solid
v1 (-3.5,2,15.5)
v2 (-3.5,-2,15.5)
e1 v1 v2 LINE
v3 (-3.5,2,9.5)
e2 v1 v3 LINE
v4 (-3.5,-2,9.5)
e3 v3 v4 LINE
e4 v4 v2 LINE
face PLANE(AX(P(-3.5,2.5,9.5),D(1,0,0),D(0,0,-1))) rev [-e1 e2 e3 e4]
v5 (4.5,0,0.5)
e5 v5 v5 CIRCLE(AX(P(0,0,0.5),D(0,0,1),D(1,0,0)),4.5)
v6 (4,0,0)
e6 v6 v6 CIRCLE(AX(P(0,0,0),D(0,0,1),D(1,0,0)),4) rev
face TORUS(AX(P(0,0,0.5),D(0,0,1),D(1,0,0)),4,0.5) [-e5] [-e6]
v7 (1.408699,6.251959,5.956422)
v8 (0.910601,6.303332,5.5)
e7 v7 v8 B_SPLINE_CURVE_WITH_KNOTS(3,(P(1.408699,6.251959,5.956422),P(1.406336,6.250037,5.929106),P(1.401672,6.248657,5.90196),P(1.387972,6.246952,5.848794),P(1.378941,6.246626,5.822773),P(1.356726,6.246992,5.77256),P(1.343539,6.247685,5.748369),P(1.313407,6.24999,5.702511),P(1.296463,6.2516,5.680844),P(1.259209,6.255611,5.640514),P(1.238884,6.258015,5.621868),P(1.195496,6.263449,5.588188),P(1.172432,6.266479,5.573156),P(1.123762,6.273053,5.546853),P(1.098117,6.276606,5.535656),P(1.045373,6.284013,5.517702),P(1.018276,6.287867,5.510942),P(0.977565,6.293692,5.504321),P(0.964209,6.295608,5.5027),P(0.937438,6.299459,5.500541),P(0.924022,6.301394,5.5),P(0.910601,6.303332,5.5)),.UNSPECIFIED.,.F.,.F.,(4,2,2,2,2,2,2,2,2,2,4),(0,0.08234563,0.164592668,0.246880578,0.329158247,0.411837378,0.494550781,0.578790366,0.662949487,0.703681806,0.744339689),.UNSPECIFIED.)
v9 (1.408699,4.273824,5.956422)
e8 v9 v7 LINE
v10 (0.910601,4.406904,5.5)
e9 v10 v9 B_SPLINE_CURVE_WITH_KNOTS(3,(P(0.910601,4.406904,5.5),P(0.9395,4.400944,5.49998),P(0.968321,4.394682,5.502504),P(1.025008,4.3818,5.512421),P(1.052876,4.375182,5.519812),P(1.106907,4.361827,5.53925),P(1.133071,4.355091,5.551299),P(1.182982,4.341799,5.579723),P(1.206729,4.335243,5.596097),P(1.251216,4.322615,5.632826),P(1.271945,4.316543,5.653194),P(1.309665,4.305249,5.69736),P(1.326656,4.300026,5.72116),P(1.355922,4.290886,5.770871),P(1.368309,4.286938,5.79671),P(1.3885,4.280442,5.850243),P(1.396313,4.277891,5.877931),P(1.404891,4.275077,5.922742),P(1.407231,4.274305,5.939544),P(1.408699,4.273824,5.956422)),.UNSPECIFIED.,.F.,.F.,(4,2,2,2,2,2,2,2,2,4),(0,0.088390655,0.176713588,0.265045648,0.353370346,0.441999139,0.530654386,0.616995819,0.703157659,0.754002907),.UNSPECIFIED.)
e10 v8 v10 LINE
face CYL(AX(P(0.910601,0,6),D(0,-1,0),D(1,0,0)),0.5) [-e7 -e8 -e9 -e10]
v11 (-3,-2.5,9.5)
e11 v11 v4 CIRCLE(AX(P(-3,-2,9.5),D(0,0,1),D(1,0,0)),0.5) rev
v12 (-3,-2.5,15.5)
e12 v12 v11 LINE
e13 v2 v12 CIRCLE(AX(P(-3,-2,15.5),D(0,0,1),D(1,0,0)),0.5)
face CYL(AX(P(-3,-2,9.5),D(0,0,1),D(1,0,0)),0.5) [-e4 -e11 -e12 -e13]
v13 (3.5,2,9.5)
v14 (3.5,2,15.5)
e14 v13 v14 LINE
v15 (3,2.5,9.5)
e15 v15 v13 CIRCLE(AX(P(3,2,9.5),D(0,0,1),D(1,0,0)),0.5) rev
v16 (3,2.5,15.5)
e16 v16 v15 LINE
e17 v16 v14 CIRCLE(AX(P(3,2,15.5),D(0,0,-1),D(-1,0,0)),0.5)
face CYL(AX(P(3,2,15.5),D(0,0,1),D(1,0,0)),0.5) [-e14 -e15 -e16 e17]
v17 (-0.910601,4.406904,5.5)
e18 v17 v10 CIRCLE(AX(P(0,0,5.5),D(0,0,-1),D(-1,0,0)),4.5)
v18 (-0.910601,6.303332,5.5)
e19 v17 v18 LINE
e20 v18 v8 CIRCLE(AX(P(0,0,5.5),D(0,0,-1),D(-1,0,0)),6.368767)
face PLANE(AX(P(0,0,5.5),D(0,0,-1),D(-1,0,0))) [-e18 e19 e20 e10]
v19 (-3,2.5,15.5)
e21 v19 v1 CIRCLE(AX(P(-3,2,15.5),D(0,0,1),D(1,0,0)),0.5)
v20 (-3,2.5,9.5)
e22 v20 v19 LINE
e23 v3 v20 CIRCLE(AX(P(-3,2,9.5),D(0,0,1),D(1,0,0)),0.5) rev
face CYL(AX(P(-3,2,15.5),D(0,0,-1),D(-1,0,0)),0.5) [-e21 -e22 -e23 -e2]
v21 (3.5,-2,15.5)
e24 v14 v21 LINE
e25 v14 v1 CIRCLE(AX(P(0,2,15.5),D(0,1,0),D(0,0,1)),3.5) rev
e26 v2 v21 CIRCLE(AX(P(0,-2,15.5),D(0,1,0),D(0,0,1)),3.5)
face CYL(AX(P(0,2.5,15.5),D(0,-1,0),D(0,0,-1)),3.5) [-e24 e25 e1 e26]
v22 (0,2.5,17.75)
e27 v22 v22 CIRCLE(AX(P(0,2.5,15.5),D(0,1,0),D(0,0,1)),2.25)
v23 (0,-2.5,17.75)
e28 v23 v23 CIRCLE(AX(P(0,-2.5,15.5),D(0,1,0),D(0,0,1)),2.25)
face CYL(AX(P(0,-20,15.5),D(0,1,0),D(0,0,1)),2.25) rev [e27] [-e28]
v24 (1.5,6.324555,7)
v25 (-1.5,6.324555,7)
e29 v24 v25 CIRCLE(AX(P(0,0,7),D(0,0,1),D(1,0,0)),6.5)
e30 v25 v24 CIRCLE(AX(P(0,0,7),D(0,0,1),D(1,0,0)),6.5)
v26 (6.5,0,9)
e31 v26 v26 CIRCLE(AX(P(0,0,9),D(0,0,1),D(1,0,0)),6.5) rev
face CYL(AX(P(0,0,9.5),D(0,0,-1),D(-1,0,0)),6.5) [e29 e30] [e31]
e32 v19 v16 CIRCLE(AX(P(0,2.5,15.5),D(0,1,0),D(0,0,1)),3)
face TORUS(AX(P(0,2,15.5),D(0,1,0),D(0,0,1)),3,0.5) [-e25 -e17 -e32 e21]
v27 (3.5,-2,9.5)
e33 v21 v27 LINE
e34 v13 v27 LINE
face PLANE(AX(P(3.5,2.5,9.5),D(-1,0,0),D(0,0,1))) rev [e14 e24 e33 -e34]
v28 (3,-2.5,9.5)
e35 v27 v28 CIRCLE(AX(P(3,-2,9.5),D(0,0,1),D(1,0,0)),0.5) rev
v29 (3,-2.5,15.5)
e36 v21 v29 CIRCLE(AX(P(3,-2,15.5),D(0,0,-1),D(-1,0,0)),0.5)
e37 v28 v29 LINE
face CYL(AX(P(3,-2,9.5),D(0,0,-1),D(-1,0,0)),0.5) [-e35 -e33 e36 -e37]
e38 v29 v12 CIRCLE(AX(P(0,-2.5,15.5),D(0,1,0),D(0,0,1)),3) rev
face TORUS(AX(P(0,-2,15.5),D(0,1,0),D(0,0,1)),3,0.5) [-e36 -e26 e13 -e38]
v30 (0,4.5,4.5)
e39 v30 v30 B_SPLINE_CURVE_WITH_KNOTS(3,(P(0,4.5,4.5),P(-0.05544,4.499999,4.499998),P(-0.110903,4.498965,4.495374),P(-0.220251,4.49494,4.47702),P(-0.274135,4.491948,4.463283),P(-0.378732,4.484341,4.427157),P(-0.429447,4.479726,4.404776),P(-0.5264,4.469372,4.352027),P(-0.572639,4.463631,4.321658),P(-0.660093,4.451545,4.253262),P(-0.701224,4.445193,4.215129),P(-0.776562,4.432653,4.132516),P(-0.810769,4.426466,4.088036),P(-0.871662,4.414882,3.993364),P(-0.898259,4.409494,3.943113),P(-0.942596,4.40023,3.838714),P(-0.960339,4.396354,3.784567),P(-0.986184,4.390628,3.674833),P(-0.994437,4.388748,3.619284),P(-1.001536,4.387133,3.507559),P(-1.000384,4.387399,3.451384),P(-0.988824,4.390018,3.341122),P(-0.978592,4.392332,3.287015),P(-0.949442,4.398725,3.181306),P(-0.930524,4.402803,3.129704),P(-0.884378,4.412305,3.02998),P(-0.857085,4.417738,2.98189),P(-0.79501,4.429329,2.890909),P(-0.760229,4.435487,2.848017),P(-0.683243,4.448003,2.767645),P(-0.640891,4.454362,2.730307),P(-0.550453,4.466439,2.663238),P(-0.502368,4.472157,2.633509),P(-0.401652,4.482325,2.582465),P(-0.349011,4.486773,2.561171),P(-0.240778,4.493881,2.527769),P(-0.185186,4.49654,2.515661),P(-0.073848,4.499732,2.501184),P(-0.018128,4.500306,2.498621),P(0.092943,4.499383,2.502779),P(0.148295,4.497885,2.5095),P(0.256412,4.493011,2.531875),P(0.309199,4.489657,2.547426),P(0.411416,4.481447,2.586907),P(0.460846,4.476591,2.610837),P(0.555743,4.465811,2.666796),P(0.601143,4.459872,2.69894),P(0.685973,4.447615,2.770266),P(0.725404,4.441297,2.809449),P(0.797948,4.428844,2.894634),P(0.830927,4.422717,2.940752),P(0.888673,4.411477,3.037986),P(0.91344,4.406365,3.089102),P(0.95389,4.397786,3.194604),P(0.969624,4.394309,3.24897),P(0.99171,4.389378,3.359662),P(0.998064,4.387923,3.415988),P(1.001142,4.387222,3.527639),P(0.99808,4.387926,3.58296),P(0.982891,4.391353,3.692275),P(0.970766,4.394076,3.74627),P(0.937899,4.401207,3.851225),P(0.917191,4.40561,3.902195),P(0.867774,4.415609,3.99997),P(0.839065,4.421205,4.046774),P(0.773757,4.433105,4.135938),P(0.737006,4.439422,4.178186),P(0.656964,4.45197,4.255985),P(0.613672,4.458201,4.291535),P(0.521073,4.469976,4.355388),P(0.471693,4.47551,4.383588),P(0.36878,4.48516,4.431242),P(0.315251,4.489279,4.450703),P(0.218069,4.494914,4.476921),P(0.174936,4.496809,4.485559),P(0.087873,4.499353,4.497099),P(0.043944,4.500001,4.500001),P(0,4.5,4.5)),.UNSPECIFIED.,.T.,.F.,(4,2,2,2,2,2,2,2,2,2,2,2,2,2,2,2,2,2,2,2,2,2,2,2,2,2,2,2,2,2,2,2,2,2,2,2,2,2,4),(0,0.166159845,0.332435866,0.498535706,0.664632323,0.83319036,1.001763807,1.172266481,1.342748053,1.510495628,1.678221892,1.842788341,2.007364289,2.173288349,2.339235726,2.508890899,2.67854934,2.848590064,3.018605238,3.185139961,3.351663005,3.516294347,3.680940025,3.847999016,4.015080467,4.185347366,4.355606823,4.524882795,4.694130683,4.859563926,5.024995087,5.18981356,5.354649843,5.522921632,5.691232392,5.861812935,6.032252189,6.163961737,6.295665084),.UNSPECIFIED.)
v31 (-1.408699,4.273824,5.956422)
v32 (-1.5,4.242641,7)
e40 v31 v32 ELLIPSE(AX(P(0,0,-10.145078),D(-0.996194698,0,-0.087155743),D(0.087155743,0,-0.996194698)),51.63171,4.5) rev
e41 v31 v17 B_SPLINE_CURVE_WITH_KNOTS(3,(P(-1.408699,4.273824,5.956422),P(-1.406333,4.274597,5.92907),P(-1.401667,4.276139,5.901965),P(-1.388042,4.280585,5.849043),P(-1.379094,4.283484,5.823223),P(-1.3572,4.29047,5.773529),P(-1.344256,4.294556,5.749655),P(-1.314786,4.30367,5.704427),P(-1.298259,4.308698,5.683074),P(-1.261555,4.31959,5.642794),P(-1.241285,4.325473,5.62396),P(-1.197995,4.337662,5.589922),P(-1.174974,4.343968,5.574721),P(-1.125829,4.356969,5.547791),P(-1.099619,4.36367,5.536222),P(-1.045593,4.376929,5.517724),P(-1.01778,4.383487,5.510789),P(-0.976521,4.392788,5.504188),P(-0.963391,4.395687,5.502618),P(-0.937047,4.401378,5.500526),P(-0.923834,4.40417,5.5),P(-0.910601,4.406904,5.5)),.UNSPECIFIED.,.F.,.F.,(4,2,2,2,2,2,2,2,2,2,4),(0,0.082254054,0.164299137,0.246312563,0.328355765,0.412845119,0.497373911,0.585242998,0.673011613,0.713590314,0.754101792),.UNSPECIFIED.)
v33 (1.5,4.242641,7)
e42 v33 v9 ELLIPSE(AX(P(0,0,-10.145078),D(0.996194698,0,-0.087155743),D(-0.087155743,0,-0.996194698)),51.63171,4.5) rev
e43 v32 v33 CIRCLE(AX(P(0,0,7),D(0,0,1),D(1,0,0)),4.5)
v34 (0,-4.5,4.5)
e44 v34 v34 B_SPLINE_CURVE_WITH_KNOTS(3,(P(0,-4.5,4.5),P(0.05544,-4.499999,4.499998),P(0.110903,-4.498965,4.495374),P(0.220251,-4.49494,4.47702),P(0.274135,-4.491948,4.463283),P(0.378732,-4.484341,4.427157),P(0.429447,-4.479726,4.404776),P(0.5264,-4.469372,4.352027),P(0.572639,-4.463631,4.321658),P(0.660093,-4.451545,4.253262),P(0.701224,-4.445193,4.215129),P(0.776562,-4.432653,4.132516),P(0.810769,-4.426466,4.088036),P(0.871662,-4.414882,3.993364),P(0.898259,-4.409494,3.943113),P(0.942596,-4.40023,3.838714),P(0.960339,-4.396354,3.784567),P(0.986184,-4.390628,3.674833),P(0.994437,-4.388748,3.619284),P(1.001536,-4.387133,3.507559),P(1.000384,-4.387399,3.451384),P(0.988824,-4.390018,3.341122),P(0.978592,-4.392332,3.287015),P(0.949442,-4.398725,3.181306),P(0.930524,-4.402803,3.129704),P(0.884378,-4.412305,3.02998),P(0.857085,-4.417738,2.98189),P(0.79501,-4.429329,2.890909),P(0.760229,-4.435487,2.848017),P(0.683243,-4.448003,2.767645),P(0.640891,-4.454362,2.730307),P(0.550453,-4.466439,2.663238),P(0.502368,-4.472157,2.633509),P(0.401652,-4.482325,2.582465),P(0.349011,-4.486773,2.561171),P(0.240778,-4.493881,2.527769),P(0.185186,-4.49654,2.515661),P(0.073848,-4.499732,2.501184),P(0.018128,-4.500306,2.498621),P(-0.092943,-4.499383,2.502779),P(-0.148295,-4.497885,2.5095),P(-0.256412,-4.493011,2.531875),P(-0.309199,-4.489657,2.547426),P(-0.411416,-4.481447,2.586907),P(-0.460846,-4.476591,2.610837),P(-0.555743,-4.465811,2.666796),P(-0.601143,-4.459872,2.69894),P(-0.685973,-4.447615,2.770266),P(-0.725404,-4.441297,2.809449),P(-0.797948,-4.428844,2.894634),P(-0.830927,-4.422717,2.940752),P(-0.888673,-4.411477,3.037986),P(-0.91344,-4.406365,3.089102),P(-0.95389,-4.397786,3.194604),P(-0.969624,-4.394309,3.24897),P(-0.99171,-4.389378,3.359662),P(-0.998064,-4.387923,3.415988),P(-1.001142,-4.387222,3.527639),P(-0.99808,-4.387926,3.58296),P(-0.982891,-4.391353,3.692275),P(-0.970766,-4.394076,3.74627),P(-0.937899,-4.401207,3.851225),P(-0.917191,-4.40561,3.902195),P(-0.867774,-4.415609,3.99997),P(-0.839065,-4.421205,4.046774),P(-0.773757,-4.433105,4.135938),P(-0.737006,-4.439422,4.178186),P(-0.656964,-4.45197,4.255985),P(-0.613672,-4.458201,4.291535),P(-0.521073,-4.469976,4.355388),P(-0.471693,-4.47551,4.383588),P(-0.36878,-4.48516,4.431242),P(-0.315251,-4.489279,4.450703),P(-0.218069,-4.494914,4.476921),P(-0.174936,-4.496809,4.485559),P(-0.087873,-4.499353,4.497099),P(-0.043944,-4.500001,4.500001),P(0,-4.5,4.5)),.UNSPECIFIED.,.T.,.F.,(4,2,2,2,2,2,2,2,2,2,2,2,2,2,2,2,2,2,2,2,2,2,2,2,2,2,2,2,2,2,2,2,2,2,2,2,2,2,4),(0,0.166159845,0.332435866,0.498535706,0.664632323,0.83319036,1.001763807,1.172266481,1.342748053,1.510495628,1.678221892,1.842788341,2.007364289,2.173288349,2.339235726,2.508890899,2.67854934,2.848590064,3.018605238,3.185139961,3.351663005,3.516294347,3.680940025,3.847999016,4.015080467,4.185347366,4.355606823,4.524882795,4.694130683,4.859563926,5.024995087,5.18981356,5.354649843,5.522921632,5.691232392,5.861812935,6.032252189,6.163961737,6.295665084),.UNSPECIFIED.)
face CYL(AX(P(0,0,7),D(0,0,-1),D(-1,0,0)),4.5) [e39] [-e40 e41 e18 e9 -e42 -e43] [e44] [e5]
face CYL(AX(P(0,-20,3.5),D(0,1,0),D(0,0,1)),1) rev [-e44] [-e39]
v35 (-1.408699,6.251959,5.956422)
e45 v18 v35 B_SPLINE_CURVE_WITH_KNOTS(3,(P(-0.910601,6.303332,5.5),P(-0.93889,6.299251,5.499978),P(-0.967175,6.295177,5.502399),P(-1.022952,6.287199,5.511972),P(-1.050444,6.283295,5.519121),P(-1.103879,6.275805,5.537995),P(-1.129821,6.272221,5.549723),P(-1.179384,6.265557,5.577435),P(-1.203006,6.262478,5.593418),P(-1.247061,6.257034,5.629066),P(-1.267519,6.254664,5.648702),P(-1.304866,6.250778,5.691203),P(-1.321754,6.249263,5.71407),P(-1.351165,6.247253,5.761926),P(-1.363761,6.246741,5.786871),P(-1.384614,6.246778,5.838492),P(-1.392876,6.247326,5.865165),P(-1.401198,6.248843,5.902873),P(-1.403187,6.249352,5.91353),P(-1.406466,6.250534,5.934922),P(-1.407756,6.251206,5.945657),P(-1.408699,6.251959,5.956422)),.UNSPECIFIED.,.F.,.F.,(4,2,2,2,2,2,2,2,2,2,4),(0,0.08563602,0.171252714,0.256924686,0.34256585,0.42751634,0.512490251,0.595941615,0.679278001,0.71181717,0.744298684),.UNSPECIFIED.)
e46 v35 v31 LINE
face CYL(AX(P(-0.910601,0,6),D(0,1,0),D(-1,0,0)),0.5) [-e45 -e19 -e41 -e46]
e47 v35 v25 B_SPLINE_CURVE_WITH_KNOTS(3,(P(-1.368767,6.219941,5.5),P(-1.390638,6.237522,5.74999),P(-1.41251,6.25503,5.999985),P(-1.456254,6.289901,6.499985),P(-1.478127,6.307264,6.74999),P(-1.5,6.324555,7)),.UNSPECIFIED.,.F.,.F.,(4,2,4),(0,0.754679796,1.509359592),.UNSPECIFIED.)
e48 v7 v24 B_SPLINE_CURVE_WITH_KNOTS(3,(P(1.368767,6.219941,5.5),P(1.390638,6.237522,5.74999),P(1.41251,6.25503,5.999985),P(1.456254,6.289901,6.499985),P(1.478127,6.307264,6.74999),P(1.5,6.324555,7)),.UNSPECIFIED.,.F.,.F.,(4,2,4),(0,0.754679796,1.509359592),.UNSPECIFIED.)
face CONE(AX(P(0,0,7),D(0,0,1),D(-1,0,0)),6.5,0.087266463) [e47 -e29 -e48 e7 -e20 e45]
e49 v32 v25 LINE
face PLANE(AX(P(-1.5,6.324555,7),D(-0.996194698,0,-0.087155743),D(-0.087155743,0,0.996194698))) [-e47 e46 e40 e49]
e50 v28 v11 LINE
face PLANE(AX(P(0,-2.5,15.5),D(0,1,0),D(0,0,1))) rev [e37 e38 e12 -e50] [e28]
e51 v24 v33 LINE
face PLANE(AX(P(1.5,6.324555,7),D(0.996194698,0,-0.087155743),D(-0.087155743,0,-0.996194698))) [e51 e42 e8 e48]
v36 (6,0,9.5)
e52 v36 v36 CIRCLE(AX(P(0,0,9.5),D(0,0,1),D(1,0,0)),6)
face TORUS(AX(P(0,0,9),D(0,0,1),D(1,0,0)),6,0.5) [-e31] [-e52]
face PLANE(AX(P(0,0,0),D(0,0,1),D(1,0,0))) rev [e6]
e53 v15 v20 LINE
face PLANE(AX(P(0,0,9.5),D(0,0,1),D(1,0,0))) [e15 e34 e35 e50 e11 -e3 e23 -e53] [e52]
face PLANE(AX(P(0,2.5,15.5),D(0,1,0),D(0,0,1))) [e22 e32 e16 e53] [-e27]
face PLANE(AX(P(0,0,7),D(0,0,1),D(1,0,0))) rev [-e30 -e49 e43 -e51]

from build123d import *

# Parameters (mm, degrees)
ESQUISSE1_R             = 4.5
BASE_EXTRUSION_DEPTH    = 7
ESQUISSE2_R             = 6.5
BOSS_EXTRU_1_DEPTH      = 2.5
BOSS_EXTRU_2_DEPTH      = 2.5
ESQUISSE4_R             = 2.25
ESQUISSE4_R_2           = 1
ENL_V_MAT_EXTRU_1_DEPTH = 22.5
BOSS_EXTRU_3_DEPTH      = 1.5
BOSS_EXTRU_3_TAPER      = 5
CONG_1_R                = 0.5


with BuildPart() as part:
    # Esquisse1 → Base-Extrusion (new body)
    with BuildSketch(Plane.XY):
        Circle(ESQUISSE1_R)
    extrude(amount=BASE_EXTRUSION_DEPTH)

    # Esquisse2 → Boss.-Extru.1 (add)
    with BuildSketch(Plane.XY.offset(7)):
        Circle(ESQUISSE2_R)
    extrude(amount=BOSS_EXTRU_1_DEPTH)

    # Esquisse3 → Boss.-Extru.2 (add, symmetric)
    with BuildSketch(Plane(origin=(0, 0, 0), x_dir=(1, 0, 0), z_dir=(0, 1, 0))):
        with BuildLine():
            Line((-3.5, -9.5), (-3.5, -15.5))
            ThreePointArc((-3.5, -15.5), (0, -19), (3.5, -15.5))
            Line((3.5, -15.5), (3.5, -9.5))
            Line((3.5, -9.5), (-3.5, -9.5))
        make_face()
    extrude(amount=BOSS_EXTRU_2_DEPTH, both=True)

    # Esquisse4 → Enlèv. mat.-Extru.1 (cut, symmetric)
    with BuildSketch(Plane(origin=(0, 2.5, 0), x_dir=(-1, 0, 0), z_dir=(0, 1, 0))):
        with Locations((0, 15.5)):
            Circle(ESQUISSE4_R)
        with Locations((0, 3.5)):
            Circle(ESQUISSE4_R_2)
    extrude(amount=ENL_V_MAT_EXTRU_1_DEPTH, both=True, mode=Mode.SUBTRACT)

    # Esquisse5 → Boss.-Extru.3 (add)
    with BuildSketch(Plane(origin=(0, 0, 7), x_dir=(-1, 0, 0), z_dir=(0, 0, -1))):
        with BuildLine():
            ThreePointArc((1.5, 6.32455532), (0, 6.5), (-1.5, 6.32455532))
            Line((-1.5, 6.32455532), (-1.5, 4))
            Line((-1.5, 4), (1.5, 4))
            Line((1.5, 4), (1.5, 6.32455532))
        make_face()
    extrude(amount=BOSS_EXTRU_3_DEPTH, taper=BOSS_EXTRU_3_TAPER)

    # Congé1
    cong_1_edges = [part.edges().sort_by_distance(p)[0] for p in [
        (-6.5, 0, 9.5),
        (-1.368767005, 5.253360318, 5.5),
        (-4.5, 0, 0),
        (1.368767005, 5.253360318, 5.5),
        (-3.5, -2.5, 12.5),
        (-3.5, 2.5, 12.5),
        (0, -2.5, 19),
        (3.5, -2.5, 12.5),
        (3.5, 2.5, 12.5),
        (0, 2.5, 19),
    ]]
    fillet(cong_1_edges, radius=CONG_1_R)


solid = part.part
